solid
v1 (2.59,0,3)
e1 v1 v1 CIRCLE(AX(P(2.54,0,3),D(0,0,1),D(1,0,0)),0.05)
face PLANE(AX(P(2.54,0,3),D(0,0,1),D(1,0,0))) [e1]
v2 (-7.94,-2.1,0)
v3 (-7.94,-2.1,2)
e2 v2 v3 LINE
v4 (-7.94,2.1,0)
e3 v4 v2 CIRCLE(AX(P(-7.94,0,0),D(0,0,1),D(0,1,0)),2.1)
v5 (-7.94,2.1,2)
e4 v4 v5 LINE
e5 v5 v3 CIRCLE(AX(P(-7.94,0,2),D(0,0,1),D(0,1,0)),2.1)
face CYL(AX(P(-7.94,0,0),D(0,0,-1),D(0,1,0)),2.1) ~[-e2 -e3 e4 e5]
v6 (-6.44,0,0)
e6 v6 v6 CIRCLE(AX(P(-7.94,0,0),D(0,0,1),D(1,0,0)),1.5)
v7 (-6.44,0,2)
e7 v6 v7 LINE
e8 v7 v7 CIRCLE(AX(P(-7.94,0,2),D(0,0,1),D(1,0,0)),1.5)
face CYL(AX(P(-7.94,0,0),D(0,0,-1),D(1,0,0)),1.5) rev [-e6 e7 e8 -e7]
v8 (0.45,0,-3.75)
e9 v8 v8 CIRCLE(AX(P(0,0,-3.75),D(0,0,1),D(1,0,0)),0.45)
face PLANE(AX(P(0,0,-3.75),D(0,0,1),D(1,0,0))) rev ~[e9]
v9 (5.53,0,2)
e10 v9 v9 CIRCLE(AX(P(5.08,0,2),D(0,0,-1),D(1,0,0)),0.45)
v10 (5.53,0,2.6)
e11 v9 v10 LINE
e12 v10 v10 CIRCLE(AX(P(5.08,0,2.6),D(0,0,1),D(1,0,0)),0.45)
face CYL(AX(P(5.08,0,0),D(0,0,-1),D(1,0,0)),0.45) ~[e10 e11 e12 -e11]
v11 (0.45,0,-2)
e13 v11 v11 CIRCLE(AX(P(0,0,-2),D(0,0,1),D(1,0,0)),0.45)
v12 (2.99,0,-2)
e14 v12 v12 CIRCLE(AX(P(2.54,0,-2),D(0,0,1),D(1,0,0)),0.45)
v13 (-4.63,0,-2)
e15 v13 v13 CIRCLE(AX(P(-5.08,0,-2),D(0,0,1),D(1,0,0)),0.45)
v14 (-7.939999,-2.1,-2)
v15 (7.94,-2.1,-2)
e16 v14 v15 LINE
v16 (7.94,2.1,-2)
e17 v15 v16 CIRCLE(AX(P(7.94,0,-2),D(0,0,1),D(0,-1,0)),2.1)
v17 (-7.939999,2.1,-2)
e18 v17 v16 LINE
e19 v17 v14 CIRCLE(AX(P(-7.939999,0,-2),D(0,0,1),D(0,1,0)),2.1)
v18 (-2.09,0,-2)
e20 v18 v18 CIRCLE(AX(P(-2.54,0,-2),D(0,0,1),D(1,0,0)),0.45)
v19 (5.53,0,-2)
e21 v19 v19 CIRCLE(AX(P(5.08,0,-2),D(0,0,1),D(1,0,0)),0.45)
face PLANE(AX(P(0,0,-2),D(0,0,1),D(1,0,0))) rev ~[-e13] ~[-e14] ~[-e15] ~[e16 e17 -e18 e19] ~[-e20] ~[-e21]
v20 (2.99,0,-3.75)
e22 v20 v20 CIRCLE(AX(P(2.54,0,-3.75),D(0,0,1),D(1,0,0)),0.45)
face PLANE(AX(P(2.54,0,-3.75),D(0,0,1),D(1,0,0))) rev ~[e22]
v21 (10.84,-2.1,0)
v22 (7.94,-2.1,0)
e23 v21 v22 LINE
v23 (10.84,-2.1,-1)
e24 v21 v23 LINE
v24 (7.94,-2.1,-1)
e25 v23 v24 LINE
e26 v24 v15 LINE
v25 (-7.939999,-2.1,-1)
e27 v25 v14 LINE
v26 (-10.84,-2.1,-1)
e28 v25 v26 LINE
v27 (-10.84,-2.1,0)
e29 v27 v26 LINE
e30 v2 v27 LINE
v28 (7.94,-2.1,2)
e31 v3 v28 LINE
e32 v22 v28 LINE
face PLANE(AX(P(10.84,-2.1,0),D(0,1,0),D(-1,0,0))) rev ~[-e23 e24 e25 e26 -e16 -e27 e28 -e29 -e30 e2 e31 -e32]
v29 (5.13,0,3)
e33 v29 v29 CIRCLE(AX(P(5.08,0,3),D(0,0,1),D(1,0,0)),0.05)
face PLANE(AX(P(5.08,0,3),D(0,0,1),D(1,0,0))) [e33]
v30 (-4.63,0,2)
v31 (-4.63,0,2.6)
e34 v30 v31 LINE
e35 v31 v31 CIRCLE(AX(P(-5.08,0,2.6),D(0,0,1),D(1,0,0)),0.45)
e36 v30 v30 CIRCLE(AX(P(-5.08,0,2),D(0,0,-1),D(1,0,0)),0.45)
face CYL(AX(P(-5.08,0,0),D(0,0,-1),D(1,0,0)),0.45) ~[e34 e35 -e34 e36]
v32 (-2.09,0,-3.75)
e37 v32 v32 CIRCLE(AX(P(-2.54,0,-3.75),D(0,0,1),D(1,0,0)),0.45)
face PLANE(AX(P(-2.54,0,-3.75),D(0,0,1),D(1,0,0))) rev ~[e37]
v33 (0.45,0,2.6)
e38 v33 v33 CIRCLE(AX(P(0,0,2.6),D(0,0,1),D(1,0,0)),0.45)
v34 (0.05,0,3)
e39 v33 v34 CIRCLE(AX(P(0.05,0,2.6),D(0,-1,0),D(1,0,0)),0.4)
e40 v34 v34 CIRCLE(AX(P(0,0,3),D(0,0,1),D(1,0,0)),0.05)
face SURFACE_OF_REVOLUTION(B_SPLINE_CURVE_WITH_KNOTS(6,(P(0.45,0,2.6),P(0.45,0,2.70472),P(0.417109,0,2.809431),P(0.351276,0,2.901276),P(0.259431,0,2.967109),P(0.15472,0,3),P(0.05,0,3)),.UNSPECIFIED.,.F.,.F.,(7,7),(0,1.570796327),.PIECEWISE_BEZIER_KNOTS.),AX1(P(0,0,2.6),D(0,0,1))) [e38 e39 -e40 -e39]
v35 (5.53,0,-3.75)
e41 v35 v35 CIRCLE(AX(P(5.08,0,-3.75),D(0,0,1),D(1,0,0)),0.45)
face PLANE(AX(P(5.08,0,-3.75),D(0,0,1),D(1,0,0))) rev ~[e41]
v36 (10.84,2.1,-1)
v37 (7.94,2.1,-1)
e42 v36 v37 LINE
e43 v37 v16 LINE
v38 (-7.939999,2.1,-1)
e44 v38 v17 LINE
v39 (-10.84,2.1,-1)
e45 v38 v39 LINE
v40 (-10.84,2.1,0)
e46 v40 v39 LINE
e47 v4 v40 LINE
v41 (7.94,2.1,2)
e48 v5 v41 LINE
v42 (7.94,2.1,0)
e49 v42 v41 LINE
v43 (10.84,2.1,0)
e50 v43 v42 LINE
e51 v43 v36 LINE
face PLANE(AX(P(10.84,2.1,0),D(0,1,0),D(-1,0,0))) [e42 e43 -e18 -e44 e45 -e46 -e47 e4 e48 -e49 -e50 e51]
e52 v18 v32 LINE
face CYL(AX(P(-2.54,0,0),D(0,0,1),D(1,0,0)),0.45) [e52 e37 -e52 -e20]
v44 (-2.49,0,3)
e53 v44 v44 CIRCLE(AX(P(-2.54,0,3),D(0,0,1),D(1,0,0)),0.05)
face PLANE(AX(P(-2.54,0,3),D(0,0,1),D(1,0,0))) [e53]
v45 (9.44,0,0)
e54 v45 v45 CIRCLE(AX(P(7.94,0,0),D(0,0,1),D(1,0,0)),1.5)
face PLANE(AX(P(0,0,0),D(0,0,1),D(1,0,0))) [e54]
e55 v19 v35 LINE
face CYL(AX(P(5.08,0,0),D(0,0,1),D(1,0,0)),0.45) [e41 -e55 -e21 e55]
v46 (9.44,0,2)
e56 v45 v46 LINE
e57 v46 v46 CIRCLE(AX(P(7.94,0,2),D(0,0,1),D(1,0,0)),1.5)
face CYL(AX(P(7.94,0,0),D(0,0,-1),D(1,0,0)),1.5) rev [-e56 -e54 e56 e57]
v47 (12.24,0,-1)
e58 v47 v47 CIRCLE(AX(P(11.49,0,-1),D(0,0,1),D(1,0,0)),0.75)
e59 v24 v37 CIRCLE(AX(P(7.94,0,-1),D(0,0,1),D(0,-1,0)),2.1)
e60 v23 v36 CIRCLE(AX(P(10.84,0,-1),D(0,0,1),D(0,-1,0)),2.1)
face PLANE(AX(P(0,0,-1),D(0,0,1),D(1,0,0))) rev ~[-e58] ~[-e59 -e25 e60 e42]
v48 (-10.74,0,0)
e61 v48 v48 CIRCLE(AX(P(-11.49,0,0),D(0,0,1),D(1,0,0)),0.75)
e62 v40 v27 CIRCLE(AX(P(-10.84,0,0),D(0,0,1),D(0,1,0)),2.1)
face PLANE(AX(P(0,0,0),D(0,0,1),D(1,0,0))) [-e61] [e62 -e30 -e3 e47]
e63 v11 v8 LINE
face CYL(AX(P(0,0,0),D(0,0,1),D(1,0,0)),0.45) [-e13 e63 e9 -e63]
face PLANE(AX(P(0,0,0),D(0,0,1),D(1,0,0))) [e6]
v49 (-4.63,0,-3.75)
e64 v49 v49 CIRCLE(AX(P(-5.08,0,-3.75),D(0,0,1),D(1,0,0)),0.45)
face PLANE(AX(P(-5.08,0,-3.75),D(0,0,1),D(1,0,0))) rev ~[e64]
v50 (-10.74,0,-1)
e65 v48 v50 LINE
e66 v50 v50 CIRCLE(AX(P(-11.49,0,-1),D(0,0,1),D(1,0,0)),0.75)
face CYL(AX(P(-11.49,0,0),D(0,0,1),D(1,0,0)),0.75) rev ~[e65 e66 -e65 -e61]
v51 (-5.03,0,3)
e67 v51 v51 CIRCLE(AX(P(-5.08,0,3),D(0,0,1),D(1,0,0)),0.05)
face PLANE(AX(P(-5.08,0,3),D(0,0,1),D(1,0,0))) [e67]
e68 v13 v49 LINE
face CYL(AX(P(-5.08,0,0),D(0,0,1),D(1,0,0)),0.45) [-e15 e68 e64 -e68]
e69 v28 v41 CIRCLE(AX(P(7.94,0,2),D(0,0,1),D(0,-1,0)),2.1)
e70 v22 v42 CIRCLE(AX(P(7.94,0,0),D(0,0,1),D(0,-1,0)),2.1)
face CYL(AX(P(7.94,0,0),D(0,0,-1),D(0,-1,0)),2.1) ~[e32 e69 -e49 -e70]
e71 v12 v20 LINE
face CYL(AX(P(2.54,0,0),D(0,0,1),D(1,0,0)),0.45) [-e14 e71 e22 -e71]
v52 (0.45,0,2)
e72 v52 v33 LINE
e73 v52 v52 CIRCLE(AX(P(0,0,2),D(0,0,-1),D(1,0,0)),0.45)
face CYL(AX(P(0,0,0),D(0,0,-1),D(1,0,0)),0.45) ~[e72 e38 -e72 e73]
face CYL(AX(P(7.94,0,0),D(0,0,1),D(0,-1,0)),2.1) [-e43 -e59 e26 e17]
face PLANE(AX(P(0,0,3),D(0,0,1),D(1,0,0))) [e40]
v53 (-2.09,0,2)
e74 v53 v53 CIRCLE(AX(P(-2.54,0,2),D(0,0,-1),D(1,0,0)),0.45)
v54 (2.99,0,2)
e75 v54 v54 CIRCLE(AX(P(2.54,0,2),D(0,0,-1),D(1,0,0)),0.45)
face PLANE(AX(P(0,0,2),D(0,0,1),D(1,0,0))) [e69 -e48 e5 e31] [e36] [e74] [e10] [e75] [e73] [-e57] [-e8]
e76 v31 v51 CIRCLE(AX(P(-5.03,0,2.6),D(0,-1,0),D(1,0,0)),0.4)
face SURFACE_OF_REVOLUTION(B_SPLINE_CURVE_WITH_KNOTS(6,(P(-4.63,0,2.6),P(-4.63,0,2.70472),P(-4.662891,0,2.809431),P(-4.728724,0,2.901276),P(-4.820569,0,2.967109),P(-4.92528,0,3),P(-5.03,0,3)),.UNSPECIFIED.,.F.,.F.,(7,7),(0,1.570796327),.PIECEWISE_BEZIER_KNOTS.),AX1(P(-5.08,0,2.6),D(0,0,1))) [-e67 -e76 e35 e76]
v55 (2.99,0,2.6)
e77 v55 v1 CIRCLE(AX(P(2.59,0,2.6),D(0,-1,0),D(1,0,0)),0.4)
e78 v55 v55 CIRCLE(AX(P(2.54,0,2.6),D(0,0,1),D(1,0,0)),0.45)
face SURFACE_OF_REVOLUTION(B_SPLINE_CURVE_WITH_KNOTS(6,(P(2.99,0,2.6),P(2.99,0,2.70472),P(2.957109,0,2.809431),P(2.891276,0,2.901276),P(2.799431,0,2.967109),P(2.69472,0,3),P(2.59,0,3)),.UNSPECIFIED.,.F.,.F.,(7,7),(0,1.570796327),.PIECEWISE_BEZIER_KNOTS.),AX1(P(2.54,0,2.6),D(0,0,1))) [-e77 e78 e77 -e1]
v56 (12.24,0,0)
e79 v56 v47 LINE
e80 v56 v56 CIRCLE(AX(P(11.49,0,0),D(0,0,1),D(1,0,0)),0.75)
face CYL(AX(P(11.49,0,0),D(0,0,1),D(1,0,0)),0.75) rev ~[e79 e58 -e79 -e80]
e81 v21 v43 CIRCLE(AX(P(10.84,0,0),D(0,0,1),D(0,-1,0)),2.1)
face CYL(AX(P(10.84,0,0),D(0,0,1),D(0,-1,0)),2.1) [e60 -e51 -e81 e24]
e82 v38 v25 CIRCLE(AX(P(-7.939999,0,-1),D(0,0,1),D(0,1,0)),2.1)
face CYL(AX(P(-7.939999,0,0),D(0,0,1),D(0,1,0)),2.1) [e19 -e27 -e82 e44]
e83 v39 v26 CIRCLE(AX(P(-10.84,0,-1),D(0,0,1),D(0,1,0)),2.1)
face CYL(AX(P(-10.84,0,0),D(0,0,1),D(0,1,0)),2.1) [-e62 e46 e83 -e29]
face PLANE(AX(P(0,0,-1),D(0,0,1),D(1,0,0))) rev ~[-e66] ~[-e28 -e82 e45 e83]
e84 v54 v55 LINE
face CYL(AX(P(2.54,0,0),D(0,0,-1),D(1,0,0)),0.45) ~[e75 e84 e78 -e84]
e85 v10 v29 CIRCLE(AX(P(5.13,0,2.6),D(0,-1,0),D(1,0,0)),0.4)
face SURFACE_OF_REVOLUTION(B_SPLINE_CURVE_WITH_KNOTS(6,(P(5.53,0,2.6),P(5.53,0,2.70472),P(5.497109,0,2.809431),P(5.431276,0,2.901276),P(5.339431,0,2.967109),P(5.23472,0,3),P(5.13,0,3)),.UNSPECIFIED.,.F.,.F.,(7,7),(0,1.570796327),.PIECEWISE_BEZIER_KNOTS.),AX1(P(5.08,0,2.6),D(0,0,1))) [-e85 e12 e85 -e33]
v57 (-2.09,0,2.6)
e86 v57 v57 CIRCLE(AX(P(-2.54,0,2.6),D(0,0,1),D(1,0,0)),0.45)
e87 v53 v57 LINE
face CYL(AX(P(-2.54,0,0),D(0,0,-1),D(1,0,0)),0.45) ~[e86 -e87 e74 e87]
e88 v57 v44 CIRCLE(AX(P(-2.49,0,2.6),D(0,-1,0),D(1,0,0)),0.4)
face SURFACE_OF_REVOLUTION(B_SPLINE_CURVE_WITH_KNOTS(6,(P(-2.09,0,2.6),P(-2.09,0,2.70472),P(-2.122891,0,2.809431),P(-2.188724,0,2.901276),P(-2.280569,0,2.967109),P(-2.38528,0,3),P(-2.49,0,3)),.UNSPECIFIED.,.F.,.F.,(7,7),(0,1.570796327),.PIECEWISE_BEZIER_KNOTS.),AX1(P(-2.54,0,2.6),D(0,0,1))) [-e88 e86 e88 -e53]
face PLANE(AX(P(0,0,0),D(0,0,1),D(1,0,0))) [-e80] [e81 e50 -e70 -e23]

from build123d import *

# Parameters (mm, degrees)
SKETCH_R          = 0.75
PAD_DEPTH         = 1
SKETCH001_R       = 1.5
PAD001_DEPTH      = 2
PAD002_DEPTH      = 2
SKETCH003_R       = 0.45
PAD003_DEPTH      = 3
PAD003_DEPTH_BACK = 3.75
FILLET_R          = 0.4


with BuildPart() as part:
    # Sketch → Pad (new body)
    with BuildSketch(Plane.XY):
        with BuildLine():
            ThreePointArc((10.84, -2.1), (12.94, 0), (10.84, 2.1))
            Line((10.84, 2.1), (-10.84, 2.1))
            ThreePointArc((-10.84, 2.1), (-12.94, 0), (-10.84, -2.1))
            Line((10.84, -2.1), (-10.84, -2.1))
        make_face()
        with Locations((-11.49, 0)):
            Circle(SKETCH_R, mode=Mode.SUBTRACT)
        with Locations((11.49, 0)):
            Circle(SKETCH_R, mode=Mode.SUBTRACT)
    extrude(amount=-PAD_DEPTH)

    # Sketch001 → Pad001 (join)
    with BuildSketch(Plane.XY):
        with BuildLine():
            ThreePointArc((-7.94, 2.1), (-10.04, 0), (-7.94, -2.1))
            Line((-7.94, -2.1), (7.94, -2.1))
            ThreePointArc((7.94, -2.1), (10.04, 0), (7.94, 2.1))
            Line((-7.94, 2.1), (7.94, 2.1))
        make_face()
        with Locations((-7.94, 0)):
            Circle(SKETCH001_R, mode=Mode.SUBTRACT)
        with Locations((7.94, 0)):
            Circle(SKETCH001_R, mode=Mode.SUBTRACT)
    extrude(amount=PAD001_DEPTH)

    # Sketch002 → Pad002 (join)
    with BuildSketch(Plane.XY):
        with BuildLine():
            ThreePointArc((-7.939999, 2.1), (-10.039999, 0), (-7.939999, -2.1))
            Line((-7.939999, -2.1), (7.94, -2.1))
            ThreePointArc((7.94, -2.1), (10.04, 0), (7.94, 2.1))
            Line((-7.939999, 2.1), (7.94, 2.1))
        make_face()
    extrude(amount=-PAD002_DEPTH)

    # Sketch003 → Pad003 (join, two sides)
    with BuildSketch(Plane.XY) as pad003_sk:
        with Locations((-5.08, 0)):
            Circle(SKETCH003_R)
        with Locations((-2.54, 0)):
            Circle(SKETCH003_R)
        Circle(SKETCH003_R)
        with Locations((2.54, 0)):
            Circle(SKETCH003_R)
        with Locations((5.08, 0)):
            Circle(SKETCH003_R)
    extrude(amount=PAD003_DEPTH)
    extrude(pad003_sk.sketch, amount=-PAD003_DEPTH_BACK)

    # Fillet
    fillet_edges = [part.edges().sort_by_distance(p)[0] for p in [
        (-5.53, 0, 3),
        (-2.99, 0, 3),
        (-0.45, 0, 3),
        (2.09, 0, 3),
        (4.63, 0, 3),
    ]]
    fillet(fillet_edges, radius=FILLET_R)


solid = part.part
